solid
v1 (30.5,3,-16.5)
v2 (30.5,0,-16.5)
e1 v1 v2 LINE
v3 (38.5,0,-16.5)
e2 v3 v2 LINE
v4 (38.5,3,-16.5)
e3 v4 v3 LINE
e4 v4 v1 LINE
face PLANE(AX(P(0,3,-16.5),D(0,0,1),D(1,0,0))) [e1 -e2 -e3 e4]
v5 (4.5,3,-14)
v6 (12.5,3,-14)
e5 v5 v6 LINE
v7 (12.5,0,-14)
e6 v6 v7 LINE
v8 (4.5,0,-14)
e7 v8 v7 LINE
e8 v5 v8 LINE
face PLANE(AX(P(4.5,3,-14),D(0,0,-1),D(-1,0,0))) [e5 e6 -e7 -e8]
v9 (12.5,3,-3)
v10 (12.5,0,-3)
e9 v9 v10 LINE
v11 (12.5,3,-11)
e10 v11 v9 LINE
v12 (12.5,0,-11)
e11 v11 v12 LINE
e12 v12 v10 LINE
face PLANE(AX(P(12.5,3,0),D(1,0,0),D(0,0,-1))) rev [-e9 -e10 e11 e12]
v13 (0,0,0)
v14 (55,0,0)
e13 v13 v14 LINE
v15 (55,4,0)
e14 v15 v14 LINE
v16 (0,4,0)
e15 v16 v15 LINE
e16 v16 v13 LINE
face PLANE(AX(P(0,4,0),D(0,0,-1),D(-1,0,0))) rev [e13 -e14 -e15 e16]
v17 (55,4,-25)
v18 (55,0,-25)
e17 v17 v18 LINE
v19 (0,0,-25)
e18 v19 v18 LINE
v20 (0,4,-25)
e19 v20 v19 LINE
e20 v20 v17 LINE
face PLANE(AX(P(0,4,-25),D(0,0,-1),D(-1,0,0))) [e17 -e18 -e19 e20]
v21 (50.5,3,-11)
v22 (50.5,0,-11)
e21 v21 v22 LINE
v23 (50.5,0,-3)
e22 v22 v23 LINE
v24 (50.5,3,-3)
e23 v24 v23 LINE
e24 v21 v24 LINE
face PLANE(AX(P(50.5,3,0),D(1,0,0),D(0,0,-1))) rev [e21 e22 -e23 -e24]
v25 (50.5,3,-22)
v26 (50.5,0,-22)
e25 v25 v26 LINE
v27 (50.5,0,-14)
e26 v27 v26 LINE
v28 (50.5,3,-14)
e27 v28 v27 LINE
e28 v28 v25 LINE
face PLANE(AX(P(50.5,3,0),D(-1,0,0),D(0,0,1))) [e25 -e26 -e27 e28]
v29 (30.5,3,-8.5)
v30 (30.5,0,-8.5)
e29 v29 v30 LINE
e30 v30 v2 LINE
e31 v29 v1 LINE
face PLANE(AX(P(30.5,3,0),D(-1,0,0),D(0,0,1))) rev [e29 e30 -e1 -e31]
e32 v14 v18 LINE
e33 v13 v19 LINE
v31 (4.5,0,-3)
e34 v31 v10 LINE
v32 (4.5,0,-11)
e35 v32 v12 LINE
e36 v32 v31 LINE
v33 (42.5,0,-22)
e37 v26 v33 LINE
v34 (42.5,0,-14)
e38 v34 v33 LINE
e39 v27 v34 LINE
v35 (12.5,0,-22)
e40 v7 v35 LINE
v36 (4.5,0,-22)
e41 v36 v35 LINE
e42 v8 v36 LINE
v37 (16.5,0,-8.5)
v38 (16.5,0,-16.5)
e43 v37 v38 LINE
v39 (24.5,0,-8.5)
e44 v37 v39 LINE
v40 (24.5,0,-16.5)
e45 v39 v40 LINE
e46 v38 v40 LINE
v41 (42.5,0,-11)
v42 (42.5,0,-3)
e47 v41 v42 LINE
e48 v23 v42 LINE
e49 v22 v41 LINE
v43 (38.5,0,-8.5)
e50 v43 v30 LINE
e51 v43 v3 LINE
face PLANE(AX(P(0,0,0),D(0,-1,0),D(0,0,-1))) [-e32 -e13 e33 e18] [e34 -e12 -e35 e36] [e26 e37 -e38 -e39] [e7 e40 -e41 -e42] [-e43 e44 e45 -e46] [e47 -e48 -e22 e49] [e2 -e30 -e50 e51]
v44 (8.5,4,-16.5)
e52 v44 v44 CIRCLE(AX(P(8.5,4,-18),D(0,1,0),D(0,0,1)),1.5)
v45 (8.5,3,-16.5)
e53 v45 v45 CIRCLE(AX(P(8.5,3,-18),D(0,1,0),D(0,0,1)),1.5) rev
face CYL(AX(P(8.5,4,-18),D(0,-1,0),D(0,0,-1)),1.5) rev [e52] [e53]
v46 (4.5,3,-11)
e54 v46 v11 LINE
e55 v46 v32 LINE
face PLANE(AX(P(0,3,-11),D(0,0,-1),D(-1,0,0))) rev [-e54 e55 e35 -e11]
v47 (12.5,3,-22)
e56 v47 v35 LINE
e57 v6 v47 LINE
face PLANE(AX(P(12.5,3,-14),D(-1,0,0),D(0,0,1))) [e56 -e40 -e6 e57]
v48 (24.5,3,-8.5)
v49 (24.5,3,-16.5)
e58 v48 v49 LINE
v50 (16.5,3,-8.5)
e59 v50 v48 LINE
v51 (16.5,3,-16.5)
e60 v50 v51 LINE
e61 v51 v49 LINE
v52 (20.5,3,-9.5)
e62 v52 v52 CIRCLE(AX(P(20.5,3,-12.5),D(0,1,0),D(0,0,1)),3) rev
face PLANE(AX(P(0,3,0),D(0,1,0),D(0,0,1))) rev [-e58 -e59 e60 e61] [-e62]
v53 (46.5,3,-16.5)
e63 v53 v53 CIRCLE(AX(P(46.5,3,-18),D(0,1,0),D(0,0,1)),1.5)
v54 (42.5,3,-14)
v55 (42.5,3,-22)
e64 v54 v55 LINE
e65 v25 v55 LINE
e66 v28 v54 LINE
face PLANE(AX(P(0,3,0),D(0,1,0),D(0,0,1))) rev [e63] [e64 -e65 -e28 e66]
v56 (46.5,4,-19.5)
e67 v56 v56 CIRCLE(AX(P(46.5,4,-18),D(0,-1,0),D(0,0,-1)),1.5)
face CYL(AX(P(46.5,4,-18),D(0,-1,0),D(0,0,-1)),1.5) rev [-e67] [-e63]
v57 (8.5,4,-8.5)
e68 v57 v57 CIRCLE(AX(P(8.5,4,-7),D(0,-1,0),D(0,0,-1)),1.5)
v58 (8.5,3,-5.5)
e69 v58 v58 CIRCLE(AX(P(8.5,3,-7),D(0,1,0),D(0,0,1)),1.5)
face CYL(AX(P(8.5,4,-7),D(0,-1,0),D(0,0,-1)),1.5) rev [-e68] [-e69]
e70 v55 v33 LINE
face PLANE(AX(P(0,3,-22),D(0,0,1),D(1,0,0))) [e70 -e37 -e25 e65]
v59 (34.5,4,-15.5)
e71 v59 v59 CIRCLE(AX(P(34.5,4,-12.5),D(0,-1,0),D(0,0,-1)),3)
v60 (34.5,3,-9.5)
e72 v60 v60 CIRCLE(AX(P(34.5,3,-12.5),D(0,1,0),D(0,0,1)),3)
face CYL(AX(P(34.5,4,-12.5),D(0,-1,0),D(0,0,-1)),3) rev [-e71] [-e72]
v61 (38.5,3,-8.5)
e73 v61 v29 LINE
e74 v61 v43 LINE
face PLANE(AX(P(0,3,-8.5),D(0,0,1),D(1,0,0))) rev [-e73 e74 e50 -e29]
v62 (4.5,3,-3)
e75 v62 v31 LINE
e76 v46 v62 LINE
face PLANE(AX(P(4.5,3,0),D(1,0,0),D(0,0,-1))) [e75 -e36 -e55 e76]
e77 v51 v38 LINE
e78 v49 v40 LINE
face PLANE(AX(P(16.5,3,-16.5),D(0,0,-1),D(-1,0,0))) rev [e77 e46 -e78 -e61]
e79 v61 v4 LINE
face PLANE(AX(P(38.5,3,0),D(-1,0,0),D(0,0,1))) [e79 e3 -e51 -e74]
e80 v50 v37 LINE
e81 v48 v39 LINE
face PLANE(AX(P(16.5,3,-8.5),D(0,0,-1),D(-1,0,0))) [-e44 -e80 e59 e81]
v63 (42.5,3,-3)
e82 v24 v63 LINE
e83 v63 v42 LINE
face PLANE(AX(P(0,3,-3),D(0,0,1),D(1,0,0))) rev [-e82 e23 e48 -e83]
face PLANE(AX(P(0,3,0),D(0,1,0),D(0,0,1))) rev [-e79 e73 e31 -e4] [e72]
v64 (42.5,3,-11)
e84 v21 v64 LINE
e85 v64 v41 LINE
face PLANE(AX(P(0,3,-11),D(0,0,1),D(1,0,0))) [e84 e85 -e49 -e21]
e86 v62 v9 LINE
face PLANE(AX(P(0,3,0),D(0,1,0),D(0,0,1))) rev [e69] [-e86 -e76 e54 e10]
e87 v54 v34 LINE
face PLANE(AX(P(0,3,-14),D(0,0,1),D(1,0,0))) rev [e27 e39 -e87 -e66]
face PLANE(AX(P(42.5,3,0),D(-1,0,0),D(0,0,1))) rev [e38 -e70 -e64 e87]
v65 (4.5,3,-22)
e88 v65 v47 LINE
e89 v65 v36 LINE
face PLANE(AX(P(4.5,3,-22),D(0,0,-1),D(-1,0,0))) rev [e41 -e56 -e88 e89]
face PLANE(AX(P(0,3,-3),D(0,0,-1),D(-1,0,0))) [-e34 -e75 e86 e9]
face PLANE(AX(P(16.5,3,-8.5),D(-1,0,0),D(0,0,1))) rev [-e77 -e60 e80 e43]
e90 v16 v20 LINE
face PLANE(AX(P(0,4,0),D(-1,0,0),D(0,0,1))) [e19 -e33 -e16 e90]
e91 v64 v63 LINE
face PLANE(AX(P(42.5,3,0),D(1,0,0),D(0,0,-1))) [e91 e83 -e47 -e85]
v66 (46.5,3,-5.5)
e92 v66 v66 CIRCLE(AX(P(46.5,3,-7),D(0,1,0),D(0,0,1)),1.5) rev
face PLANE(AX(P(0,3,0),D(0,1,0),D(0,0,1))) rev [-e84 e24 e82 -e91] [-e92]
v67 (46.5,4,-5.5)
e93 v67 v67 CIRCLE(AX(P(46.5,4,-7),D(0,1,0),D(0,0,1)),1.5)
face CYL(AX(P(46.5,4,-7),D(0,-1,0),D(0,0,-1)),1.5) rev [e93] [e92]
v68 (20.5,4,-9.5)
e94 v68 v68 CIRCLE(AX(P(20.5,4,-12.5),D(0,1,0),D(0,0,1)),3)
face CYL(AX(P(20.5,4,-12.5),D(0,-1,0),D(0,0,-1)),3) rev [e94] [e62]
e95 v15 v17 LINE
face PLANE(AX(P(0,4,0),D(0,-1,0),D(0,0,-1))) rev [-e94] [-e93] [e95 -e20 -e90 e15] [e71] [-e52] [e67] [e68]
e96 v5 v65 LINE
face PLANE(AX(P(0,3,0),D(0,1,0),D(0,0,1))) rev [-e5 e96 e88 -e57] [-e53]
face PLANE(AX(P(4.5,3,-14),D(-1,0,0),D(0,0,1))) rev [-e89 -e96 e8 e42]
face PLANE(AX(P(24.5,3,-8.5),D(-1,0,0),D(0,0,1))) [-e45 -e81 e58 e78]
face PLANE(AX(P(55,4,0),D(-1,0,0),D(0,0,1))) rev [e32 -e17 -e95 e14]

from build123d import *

# Parameters (mm, degrees)
SKETCH1_W           = 55
SKETCH1_H           = 25
BOSS_EXTRUDE1_DEPTH = 4
SKETCH1_3_W         = 8
SKETCH1_3_H         = 8
SKETCH1_3_R         = 1.5
SKETCH1_3_R_2       = 3
CUT_EXTRUDE3_DEPTH  = 3
SKETCH1_4_R         = 1.5
SKETCH1_4_R_2       = 3
CUT_EXTRUDE4_DEPTH  = 61.547502013


with BuildPart() as part:
    # Sketch1 → Boss-Extrude1 (new body)
    with BuildSketch(Plane(origin=(0, 0, 0), x_dir=(1, 0, 0), z_dir=(0, 1, 0))):
        with Locations((27.5, 12.5)):
            Rectangle(SKETCH1_W, SKETCH1_H)
    extrude(amount=BOSS_EXTRUDE1_DEPTH)

    # Sketch1<3> → Cut-Extrude3 (cut)
    # profile 1 of 6: a face of its own
    with BuildSketch(Plane(origin=(0, 0, 0), x_dir=(1, 0, 0), z_dir=(0, 1, 0))):
        with Locations((8.5, 7)):
            Rectangle(SKETCH1_3_W, SKETCH1_3_H)
        with Locations((8.5, 7)):
            Circle(SKETCH1_3_R, mode=Mode.SUBTRACT)
    # profile 2 of 6: a face of its own
    with BuildSketch(Plane(origin=(0, 0, 0), x_dir=(1, 0, 0), z_dir=(0, 1, 0))):
        with Locations((20.5, 12.5)):
            Rectangle(SKETCH1_3_W, SKETCH1_3_H)
    # profile 3 of 6: a face of its own
    with BuildSketch(Plane(origin=(0, 0, 0), x_dir=(1, 0, 0), z_dir=(0, 1, 0))):
        with Locations((8.5, 18)):
            Rectangle(SKETCH1_3_W, SKETCH1_3_H)
    # profile 4 of 6: a face of its own
    with BuildSketch(Plane(origin=(0, 0, 0), x_dir=(1, 0, 0), z_dir=(0, 1, 0))):
        with Locations((34.5, 12.5)):
            Rectangle(SKETCH1_3_W, SKETCH1_3_H)
        with Locations((34.5, 12.5)):
            Circle(SKETCH1_3_R_2, mode=Mode.SUBTRACT)
    # profile 5 of 6: a face of its own
    with BuildSketch(Plane(origin=(0, 0, 0), x_dir=(1, 0, 0), z_dir=(0, 1, 0))):
        with Locations((46.5, 7)):
            Rectangle(SKETCH1_3_W, SKETCH1_3_H)
        with Locations((46.5, 7)):
            Circle(SKETCH1_3_R, mode=Mode.SUBTRACT)
    # profile 6 of 6: a face of its own
    with BuildSketch(Plane(origin=(0, 0, 0), x_dir=(1, 0, 0), z_dir=(0, 1, 0))):
        with Locations((46.5, 18)):
            Rectangle(SKETCH1_3_W, SKETCH1_3_H)
        with Locations((46.5, 18)):
            Circle(SKETCH1_3_R, mode=Mode.SUBTRACT)
    extrude(amount=CUT_EXTRUDE3_DEPTH, mode=Mode.SUBTRACT)

    # Sketch1<4> → Cut-Extrude4 (cut, through all)
    with BuildSketch(Plane(origin=(0, 0, 0), x_dir=(1, 0, 0), z_dir=(0, 1, 0))):
        with Locations((8.5, 18)):
            Circle(SKETCH1_4_R)
        with Locations((20.5, 12.5)):
            Circle(SKETCH1_4_R_2)
        with Locations((8.5, 7)):
            Circle(SKETCH1_4_R)
        with Locations((34.5, 12.5)):
            Circle(SKETCH1_4_R_2)
        with Locations((46.5, 7)):
            Circle(SKETCH1_4_R)
        with Locations((46.5, 18)):
            Circle(SKETCH1_4_R)
    extrude(amount=CUT_EXTRUDE4_DEPTH, mode=Mode.SUBTRACT)


solid = part.part
